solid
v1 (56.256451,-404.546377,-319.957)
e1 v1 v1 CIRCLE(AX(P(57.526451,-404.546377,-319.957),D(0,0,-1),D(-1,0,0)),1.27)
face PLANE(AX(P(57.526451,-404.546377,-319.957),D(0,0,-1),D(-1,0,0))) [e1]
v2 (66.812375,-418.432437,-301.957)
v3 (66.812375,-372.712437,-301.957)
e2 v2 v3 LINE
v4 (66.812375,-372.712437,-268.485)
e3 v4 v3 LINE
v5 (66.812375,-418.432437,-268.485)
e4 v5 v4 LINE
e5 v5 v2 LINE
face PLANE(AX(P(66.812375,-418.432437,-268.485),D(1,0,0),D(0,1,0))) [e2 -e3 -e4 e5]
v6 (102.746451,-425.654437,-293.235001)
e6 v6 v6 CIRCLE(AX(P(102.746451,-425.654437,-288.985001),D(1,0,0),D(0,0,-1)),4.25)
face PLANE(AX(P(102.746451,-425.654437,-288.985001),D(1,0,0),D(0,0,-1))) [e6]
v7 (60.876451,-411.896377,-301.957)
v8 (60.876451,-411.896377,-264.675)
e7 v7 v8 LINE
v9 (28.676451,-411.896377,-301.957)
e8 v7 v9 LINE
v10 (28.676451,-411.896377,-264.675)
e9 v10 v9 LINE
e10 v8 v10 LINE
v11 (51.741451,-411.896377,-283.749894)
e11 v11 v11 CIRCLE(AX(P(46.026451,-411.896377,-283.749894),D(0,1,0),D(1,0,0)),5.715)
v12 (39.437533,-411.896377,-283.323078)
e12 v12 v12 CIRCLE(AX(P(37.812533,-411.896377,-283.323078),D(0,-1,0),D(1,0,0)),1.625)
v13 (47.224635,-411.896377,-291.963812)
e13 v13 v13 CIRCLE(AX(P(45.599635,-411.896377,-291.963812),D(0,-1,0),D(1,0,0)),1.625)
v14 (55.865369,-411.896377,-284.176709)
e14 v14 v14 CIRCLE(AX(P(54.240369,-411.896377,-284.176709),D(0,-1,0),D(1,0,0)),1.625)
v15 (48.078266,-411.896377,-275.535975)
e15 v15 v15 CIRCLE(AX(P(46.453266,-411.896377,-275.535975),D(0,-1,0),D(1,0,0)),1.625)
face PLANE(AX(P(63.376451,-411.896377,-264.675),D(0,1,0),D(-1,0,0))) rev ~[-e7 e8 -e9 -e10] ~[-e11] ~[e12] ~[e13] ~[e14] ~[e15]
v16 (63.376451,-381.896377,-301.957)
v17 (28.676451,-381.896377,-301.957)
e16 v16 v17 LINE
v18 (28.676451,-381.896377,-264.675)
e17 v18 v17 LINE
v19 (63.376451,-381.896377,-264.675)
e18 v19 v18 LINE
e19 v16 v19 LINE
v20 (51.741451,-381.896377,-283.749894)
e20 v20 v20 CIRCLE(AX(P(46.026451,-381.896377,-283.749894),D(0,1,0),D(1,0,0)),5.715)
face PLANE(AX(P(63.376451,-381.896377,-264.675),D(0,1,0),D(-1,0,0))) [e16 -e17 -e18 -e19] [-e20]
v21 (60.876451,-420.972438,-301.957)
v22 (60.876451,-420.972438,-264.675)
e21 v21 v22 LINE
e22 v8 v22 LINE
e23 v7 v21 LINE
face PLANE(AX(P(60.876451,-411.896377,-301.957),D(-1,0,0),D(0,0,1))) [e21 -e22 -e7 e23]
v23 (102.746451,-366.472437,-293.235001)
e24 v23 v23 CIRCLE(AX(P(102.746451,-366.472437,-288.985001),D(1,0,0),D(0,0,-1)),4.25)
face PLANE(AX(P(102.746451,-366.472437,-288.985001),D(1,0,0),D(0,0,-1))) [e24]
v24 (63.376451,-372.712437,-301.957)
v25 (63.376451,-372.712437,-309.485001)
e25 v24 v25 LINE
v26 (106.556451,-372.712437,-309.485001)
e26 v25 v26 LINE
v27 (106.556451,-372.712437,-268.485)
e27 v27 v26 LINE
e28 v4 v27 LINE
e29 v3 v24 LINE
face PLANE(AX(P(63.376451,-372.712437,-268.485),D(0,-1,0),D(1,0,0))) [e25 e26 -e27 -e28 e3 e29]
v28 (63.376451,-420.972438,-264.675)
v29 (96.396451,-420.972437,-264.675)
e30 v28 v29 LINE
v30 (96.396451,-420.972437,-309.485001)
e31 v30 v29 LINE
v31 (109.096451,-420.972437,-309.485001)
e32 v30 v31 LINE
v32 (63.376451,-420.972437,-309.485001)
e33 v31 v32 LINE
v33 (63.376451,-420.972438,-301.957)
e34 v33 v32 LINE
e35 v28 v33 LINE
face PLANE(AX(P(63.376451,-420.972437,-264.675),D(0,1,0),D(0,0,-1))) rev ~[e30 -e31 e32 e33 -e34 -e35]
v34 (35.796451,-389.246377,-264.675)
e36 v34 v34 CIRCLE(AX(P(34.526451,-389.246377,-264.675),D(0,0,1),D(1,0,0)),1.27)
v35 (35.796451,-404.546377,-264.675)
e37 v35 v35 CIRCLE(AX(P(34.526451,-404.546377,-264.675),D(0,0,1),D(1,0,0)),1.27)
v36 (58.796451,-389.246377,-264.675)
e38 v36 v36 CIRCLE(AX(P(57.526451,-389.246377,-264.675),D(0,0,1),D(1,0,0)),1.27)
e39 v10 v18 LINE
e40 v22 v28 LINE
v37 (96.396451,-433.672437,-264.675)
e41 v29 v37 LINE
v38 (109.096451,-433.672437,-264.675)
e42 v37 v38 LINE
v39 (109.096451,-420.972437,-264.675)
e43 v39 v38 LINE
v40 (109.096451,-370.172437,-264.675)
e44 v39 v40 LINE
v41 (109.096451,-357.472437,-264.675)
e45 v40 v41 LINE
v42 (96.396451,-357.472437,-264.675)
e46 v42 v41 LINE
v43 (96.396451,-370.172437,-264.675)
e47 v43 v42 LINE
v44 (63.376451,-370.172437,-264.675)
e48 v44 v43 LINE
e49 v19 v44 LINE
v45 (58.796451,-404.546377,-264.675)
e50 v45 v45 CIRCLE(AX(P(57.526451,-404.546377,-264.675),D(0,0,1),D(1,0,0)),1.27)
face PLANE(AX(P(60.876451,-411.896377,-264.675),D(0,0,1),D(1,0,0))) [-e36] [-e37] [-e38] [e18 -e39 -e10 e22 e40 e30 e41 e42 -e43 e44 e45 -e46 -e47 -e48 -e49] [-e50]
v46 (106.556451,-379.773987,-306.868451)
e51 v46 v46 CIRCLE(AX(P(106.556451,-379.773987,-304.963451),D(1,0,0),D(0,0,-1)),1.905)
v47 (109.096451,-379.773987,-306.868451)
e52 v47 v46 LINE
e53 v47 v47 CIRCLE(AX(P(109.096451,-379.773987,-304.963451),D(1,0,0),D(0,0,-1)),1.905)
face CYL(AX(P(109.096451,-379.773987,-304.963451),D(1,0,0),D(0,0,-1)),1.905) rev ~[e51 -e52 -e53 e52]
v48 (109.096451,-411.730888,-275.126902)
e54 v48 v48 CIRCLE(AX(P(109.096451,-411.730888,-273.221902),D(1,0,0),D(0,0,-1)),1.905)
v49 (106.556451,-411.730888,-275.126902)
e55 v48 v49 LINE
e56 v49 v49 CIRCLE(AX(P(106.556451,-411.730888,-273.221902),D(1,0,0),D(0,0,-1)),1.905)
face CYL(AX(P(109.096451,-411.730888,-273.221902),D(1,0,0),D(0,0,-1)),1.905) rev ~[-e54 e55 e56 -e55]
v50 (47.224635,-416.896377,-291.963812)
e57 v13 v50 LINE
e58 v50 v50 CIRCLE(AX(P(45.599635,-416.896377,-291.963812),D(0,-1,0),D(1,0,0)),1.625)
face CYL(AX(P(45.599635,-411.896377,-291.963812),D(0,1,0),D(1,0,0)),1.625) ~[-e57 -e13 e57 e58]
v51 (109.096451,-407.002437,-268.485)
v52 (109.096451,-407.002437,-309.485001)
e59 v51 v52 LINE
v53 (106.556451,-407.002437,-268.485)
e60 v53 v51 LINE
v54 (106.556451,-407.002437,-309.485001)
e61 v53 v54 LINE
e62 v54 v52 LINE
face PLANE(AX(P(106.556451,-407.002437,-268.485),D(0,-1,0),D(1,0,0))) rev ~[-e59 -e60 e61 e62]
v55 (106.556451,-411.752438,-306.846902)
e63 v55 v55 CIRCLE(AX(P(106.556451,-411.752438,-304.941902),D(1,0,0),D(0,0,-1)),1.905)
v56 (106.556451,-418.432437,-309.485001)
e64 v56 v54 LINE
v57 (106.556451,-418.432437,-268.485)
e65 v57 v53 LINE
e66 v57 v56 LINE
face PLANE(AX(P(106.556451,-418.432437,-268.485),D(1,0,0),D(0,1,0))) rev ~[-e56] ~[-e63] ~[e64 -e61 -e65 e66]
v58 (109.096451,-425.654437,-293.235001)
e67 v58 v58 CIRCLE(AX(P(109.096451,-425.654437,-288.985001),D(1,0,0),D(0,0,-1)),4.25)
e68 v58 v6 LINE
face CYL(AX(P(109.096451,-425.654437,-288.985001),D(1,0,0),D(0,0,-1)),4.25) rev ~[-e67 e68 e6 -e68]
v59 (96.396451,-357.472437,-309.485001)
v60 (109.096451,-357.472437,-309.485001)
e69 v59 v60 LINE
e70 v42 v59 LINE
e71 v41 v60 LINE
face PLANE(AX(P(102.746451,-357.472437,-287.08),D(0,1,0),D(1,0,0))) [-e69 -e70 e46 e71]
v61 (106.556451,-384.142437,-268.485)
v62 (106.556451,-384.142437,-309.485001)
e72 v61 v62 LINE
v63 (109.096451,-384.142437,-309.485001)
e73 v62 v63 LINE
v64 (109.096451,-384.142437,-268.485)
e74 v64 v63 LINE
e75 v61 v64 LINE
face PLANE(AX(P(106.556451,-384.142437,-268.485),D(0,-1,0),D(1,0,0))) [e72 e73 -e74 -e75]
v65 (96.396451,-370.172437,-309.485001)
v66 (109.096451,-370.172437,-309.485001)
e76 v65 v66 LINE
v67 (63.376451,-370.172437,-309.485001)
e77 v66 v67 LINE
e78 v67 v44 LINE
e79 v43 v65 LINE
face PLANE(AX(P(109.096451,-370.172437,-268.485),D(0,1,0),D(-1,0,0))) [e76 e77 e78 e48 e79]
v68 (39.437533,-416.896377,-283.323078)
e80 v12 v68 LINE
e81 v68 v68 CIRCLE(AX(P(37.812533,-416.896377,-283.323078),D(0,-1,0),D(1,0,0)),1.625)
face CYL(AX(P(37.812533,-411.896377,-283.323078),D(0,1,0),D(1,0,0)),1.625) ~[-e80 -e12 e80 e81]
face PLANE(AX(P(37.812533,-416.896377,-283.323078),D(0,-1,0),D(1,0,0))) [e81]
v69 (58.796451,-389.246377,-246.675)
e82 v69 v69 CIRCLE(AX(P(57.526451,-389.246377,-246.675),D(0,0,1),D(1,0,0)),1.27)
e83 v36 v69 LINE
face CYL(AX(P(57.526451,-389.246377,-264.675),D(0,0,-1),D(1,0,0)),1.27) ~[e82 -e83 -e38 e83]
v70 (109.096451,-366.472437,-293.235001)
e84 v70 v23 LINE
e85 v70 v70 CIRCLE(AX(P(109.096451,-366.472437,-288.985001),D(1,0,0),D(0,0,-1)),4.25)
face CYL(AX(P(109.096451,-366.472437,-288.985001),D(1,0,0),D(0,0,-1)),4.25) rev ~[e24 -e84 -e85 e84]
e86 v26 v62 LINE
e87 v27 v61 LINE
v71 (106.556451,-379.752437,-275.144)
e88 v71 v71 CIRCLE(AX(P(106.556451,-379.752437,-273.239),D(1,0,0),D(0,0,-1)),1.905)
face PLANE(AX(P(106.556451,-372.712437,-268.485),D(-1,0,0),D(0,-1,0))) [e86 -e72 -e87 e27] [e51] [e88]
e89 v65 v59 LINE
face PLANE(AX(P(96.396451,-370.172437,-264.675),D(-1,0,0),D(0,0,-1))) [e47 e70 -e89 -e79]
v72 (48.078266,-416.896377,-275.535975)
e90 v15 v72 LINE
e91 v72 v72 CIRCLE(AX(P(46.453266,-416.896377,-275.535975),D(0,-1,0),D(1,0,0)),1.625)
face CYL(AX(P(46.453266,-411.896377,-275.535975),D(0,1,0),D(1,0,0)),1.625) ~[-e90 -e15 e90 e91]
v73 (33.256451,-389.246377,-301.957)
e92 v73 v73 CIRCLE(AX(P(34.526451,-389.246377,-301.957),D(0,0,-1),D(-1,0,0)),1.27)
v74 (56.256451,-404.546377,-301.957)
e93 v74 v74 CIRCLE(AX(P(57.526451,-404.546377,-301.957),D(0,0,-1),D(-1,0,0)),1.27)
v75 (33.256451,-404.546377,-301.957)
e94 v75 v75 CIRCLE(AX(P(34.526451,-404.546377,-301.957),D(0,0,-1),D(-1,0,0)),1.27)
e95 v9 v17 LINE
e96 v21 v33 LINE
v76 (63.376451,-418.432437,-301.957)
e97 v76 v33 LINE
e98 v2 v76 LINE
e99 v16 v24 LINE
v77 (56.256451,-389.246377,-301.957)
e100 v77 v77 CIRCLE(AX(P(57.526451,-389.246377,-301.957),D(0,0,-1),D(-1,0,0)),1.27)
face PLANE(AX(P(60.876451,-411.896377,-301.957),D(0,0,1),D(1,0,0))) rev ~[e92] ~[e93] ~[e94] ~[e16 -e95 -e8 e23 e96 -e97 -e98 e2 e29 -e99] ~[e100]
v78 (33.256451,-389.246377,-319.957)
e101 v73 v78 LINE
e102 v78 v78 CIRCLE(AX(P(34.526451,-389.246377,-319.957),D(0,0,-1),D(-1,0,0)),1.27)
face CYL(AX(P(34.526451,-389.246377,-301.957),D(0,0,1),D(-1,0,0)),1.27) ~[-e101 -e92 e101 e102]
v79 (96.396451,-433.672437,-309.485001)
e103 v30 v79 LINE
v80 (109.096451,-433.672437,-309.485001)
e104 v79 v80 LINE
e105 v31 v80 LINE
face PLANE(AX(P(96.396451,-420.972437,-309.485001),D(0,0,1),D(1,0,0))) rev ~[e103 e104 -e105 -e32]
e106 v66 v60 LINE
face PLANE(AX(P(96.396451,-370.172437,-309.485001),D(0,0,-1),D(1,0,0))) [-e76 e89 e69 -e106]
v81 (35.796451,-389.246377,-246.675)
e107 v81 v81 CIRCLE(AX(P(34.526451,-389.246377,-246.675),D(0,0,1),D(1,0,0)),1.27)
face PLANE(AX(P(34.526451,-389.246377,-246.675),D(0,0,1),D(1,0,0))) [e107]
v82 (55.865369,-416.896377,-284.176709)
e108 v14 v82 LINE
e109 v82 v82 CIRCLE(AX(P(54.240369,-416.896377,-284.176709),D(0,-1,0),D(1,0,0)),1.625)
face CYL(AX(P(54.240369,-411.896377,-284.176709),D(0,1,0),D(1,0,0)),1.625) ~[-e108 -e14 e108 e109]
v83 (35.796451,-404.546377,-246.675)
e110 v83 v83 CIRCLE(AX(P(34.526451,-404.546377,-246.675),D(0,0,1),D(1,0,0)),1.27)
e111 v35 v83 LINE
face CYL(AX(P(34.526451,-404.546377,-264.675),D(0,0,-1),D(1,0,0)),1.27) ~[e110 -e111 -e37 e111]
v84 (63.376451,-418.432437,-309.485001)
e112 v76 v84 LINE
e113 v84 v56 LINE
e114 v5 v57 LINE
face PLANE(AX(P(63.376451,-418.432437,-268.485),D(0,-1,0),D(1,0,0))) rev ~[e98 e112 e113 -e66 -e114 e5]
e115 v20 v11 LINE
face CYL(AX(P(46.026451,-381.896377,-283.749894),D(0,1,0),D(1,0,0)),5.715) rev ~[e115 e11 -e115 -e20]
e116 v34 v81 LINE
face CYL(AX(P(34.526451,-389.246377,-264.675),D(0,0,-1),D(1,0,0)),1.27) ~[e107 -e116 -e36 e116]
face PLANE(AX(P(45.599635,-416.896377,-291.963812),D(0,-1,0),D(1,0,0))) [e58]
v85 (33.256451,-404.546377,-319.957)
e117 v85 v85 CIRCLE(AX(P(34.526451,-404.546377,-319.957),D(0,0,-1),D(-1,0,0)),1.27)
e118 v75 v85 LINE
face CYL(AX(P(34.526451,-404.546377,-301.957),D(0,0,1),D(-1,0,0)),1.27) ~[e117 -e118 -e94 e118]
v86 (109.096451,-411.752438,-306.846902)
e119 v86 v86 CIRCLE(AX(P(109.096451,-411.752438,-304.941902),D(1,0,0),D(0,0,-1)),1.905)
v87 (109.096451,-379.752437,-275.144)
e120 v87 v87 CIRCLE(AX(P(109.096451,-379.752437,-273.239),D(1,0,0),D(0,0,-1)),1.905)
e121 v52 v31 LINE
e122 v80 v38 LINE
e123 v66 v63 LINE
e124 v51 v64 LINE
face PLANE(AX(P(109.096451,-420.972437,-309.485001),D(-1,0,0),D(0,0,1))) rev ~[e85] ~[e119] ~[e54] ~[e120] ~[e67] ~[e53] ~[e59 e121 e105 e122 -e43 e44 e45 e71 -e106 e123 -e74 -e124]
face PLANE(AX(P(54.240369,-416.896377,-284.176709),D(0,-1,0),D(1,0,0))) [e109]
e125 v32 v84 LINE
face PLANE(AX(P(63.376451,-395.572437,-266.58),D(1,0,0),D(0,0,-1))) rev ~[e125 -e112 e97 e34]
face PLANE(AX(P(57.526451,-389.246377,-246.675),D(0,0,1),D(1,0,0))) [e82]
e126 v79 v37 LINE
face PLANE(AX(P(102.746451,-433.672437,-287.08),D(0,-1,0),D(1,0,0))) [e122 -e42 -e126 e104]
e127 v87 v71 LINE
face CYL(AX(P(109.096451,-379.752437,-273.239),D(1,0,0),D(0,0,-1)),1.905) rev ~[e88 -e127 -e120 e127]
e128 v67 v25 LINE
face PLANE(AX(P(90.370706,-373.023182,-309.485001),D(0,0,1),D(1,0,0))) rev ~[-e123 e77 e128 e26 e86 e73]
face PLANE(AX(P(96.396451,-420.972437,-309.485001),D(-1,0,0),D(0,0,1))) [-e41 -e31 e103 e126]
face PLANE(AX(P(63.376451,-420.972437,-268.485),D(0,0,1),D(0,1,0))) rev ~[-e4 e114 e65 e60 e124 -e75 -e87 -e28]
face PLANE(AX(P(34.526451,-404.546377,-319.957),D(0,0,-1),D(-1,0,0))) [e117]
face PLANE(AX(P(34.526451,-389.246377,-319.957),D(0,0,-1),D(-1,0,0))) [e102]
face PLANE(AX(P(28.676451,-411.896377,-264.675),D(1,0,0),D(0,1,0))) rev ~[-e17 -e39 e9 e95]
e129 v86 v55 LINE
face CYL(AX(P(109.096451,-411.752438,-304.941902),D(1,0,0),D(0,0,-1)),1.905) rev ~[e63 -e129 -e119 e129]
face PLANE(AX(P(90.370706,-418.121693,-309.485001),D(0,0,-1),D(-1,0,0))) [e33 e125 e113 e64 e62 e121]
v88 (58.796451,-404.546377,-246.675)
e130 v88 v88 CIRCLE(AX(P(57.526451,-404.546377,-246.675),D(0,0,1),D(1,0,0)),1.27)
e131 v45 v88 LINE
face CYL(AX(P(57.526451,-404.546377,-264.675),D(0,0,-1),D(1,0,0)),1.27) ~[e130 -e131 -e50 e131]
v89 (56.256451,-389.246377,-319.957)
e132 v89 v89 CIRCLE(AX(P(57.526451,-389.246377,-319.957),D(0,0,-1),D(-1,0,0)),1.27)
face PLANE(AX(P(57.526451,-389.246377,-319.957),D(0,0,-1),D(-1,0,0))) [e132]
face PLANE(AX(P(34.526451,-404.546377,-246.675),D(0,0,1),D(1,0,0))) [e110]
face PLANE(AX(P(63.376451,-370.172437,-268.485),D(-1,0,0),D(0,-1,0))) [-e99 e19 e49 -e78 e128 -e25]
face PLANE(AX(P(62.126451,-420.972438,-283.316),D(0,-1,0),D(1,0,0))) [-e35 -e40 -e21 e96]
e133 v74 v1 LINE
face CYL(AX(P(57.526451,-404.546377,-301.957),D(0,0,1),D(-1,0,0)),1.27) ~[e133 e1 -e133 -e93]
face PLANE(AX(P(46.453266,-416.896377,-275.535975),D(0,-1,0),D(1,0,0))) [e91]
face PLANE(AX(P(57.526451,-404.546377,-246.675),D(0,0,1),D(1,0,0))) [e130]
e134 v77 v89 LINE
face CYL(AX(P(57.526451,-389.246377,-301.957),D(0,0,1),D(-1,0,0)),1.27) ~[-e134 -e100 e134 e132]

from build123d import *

# Parameters (mm, degrees)
SKETCH1_W            = 34.7
SKETCH1_H            = 30
BOSS_EXTRUDE1_DEPTH  = 37.282
SKETCH2_R            = 1.27
BOSS_EXTRUDE2_DEPTH  = 18
SKETCH4_R            = 5.715
CUT_EXTRUDE1_DEPTH   = 31
SKETCH5_R            = 1.625
BOSS_EXTRUDE4_DEPTH  = 5
SKETCH6_R            = 1.27
BOSS_EXTRUDE5_DEPTH  = 18
SKETCH8_W            = 3.81
SKETCH8_H            = 50.8
BOSS_EXTRUDE6_DEPTH  = 45.72
BOSS_EXTRUDE7_DEPTH  = 41.000001
CUT_EXTRUDE2_REACH   = 82.42
SKETCH10_R           = 1.905
SKETCH11_W           = 12.7
SKETCH11_H           = 44.810000611
BOSS_EXTRUDE8_DEPTH  = 12.7
SKETCH12_W           = 12.7
SKETCH12_H           = 44.810000611
BOSS_EXTRUDE9_DEPTH  = 12.7
SKETCH13_R           = 4.25
CUT_EXTRUDE3_DEPTH   = 6.35
SKETCH17_W           = 3.43592392
SKETCH17_H           = 45.72
BOSS_EXTRUDE12_DEPTH = 33.472
SKETCH16_W           = 2.5
SKETCH16_H           = 37.282
BOSS_EXTRUDE11_DEPTH = 9.076061


with BuildPart() as part:
    # Sketch1 → Boss-Extrude1 (new body)
    with BuildSketch(Plane(origin=(0, 0, -264.675), x_dir=(-1, 0, 0), z_dir=(0, 0, -1))):
        with Locations((-46.026450848, -396.896376681)):
            Rectangle(SKETCH1_W, SKETCH1_H)
    extrude(amount=BOSS_EXTRUDE1_DEPTH)

    # Sketch2 → Boss-Extrude2 (add)
    with BuildSketch(Plane.XY.offset(-264.675)):
        with Locations((34.526450848, -389.246376681)):
            Circle(SKETCH2_R)
        with Locations((57.526450848, -389.246376681)):
            Circle(SKETCH2_R)
        with Locations((57.526450848, -404.546376681)):
            Circle(SKETCH2_R)
        with Locations((34.526450848, -404.546376681)):
            Circle(SKETCH2_R)
    extrude(amount=BOSS_EXTRUDE2_DEPTH)

    # Sketch4 → Cut-Extrude1 (cut, through all)
    with BuildSketch(Plane(origin=(0, -381.896376681, 0), x_dir=(1, 0, 0), z_dir=(0, 1, 0))):
        with Locations((46.026450848, 283.749893694)):
            Circle(SKETCH4_R)
    extrude(amount=-CUT_EXTRUDE1_DEPTH, mode=Mode.SUBTRACT)

    # Sketch5 → Boss-Extrude4 (add)
    with BuildSketch(Plane.XZ.offset(411.896376681)):
        with Locations((46.453266338, -275.535975412)):
            Circle(SKETCH5_R)
        with Locations((54.24036913, -284.176709184)):
            Circle(SKETCH5_R)
        with Locations((45.599635358, -291.963811975)):
            Circle(SKETCH5_R)
        with Locations((37.812532567, -283.323078204)):
            Circle(SKETCH5_R)
    extrude(amount=BOSS_EXTRUDE4_DEPTH)

    # Sketch6 → Boss-Extrude5 (add)
    with BuildSketch(Plane(origin=(0, 0, -301.957), x_dir=(-1, 0, 0), z_dir=(0, 0, -1))):
        with Locations((-57.526450848, -389.246376681)):
            Circle(SKETCH6_R)
        with Locations((-34.526450848, -389.246376681)):
            Circle(SKETCH6_R)
        with Locations((-34.526450848, -404.546376681)):
            Circle(SKETCH6_R)
        with Locations((-57.526450848, -404.546376681)):
            Circle(SKETCH6_R)
    extrude(amount=BOSS_EXTRUDE5_DEPTH)

    # Sketch8 → Boss-Extrude6 (add)
    with BuildSketch(Plane(origin=(63.376450848, 0, 0), x_dir=(0, 0, -1), z_dir=(1, 0, 0))):
        with Locations((266.58, -395.572437442)):
            Rectangle(SKETCH8_W, SKETCH8_H)
    extrude(amount=BOSS_EXTRUDE6_DEPTH)

    # Sketch9 → Boss-Extrude7 (add)
    with BuildSketch(Plane(origin=(0, 0, -268.485), x_dir=(-1, 0, 0), z_dir=(0, 0, -1))):
        Polygon((-109.096450848, -370.172437442), (-63.376450848, -370.172437442), (-63.376450848, -372.712437442), (-106.556450848, -372.712437442), (-106.556450848, -384.142437442), (-109.096450848, -384.142437442), (-109.096450848, -372.712437442), align=None)
        Polygon((-109.096450848, -420.972437442), (-63.376450848, -420.972437442), (-63.376450848, -418.432437442), (-106.556450848, -418.432437442), (-106.556450848, -407.002437442), (-109.096450848, -407.002437442), (-109.096450848, -418.432437442), align=None)
    extrude(amount=BOSS_EXTRUDE7_DEPTH)

    # Sketch10 → Cut-Extrude2 (cut, up to next)
    with BuildSketch(Plane(origin=(109.096450848, 0, 0), x_dir=(0, 0, -1), z_dir=(1, 0, 0)), mode=Mode.PRIVATE) as cut_extrude2_sk1:
        with Locations((304.963451053, -379.773986799)):
            Circle(SKETCH10_R)
    cut_extrude2_tool1 = extrude(cut_extrude2_sk1.sketch, amount=-CUT_EXTRUDE2_REACH, mode=Mode.PRIVATE) & part.part
    add(cut_extrude2_tool1.solids().sort_by_distance((109.096451, -379.773987, -304.963451))[0], mode=Mode.SUBTRACT)
    # Sketch10 → Cut-Extrude2 (cut, up to next)
    with BuildSketch(Plane(origin=(109.096450848, 0, 0), x_dir=(0, 0, -1), z_dir=(1, 0, 0)), mode=Mode.PRIVATE) as cut_extrude2_sk2:
        with Locations((304.941901697, -411.752437852)):
            Circle(SKETCH10_R)
    cut_extrude2_tool2 = extrude(cut_extrude2_sk2.sketch, amount=-CUT_EXTRUDE2_REACH, mode=Mode.PRIVATE) & part.part
    add(cut_extrude2_tool2.solids().sort_by_distance((109.096451, -411.752438, -304.941902))[0], mode=Mode.SUBTRACT)
    # Sketch10 → Cut-Extrude2 (cut, up to next)
    with BuildSketch(Plane(origin=(109.096450848, 0, 0), x_dir=(0, 0, -1), z_dir=(1, 0, 0)), mode=Mode.PRIVATE) as cut_extrude2_sk3:
        with Locations((273.239000003, -379.752437442)):
            Circle(SKETCH10_R)
    cut_extrude2_tool3 = extrude(cut_extrude2_sk3.sketch, amount=-CUT_EXTRUDE2_REACH, mode=Mode.PRIVATE) & part.part
    add(cut_extrude2_tool3.solids().sort_by_distance((109.096451, -379.752437, -273.239))[0], mode=Mode.SUBTRACT)
    # Sketch10 → Cut-Extrude2 (cut, up to next)
    with BuildSketch(Plane(origin=(109.096450848, 0, 0), x_dir=(0, 0, -1), z_dir=(1, 0, 0)), mode=Mode.PRIVATE) as cut_extrude2_sk4:
        with Locations((273.221901697, -411.730888495)):
            Circle(SKETCH10_R)
    cut_extrude2_tool4 = extrude(cut_extrude2_sk4.sketch, amount=-CUT_EXTRUDE2_REACH, mode=Mode.PRIVATE) & part.part
    add(cut_extrude2_tool4.solids().sort_by_distance((109.096451, -411.730888, -273.221902))[0], mode=Mode.SUBTRACT)

    # Sketch11 → Boss-Extrude8 (add)
    with BuildSketch(Plane(origin=(0, -370.172437442, 0), x_dir=(1, 0, 0), z_dir=(0, 1, 0))):
        with Locations((102.746450848, 287.080000305)):
            Rectangle(SKETCH11_W, SKETCH11_H)
    extrude(amount=BOSS_EXTRUDE8_DEPTH)

    # Sketch12 → Boss-Extrude9 (add)
    with BuildSketch(Plane.XZ.offset(420.972437442)):
        with Locations((102.746450848, -287.080000305)):
            Rectangle(SKETCH12_W, SKETCH12_H)
    extrude(amount=BOSS_EXTRUDE9_DEPTH)

    # Sketch13 → Cut-Extrude3 (cut)
    with BuildSketch(Plane(origin=(109.096450848, 0, 0), x_dir=(0, 0, -1), z_dir=(1, 0, 0))):
        with Locations((288.985000522, -366.472437442)):
            Circle(SKETCH13_R)
        with Locations((288.985000522, -425.654437442)):
            Circle(SKETCH13_R)
    extrude(amount=-CUT_EXTRUDE3_DEPTH, mode=Mode.SUBTRACT)

    # Sketch17 → Boss-Extrude12 (add)
    with BuildSketch(Plane(origin=(0, 0, -268.485), x_dir=(-1, 0, 0), z_dir=(0, 0, -1))):
        with Locations((-65.094412808, -395.572437442)):
            Rectangle(SKETCH17_W, SKETCH17_H)
    extrude(amount=BOSS_EXTRUDE12_DEPTH)

    # Sketch16 → Boss-Extrude11 (add)
    with BuildSketch(Plane.XZ.offset(411.896376681)):
        with Locations((62.126450848, -283.316)):
            Rectangle(SKETCH16_W, SKETCH16_H)
    extrude(amount=BOSS_EXTRUDE11_DEPTH)


solid = part.part
